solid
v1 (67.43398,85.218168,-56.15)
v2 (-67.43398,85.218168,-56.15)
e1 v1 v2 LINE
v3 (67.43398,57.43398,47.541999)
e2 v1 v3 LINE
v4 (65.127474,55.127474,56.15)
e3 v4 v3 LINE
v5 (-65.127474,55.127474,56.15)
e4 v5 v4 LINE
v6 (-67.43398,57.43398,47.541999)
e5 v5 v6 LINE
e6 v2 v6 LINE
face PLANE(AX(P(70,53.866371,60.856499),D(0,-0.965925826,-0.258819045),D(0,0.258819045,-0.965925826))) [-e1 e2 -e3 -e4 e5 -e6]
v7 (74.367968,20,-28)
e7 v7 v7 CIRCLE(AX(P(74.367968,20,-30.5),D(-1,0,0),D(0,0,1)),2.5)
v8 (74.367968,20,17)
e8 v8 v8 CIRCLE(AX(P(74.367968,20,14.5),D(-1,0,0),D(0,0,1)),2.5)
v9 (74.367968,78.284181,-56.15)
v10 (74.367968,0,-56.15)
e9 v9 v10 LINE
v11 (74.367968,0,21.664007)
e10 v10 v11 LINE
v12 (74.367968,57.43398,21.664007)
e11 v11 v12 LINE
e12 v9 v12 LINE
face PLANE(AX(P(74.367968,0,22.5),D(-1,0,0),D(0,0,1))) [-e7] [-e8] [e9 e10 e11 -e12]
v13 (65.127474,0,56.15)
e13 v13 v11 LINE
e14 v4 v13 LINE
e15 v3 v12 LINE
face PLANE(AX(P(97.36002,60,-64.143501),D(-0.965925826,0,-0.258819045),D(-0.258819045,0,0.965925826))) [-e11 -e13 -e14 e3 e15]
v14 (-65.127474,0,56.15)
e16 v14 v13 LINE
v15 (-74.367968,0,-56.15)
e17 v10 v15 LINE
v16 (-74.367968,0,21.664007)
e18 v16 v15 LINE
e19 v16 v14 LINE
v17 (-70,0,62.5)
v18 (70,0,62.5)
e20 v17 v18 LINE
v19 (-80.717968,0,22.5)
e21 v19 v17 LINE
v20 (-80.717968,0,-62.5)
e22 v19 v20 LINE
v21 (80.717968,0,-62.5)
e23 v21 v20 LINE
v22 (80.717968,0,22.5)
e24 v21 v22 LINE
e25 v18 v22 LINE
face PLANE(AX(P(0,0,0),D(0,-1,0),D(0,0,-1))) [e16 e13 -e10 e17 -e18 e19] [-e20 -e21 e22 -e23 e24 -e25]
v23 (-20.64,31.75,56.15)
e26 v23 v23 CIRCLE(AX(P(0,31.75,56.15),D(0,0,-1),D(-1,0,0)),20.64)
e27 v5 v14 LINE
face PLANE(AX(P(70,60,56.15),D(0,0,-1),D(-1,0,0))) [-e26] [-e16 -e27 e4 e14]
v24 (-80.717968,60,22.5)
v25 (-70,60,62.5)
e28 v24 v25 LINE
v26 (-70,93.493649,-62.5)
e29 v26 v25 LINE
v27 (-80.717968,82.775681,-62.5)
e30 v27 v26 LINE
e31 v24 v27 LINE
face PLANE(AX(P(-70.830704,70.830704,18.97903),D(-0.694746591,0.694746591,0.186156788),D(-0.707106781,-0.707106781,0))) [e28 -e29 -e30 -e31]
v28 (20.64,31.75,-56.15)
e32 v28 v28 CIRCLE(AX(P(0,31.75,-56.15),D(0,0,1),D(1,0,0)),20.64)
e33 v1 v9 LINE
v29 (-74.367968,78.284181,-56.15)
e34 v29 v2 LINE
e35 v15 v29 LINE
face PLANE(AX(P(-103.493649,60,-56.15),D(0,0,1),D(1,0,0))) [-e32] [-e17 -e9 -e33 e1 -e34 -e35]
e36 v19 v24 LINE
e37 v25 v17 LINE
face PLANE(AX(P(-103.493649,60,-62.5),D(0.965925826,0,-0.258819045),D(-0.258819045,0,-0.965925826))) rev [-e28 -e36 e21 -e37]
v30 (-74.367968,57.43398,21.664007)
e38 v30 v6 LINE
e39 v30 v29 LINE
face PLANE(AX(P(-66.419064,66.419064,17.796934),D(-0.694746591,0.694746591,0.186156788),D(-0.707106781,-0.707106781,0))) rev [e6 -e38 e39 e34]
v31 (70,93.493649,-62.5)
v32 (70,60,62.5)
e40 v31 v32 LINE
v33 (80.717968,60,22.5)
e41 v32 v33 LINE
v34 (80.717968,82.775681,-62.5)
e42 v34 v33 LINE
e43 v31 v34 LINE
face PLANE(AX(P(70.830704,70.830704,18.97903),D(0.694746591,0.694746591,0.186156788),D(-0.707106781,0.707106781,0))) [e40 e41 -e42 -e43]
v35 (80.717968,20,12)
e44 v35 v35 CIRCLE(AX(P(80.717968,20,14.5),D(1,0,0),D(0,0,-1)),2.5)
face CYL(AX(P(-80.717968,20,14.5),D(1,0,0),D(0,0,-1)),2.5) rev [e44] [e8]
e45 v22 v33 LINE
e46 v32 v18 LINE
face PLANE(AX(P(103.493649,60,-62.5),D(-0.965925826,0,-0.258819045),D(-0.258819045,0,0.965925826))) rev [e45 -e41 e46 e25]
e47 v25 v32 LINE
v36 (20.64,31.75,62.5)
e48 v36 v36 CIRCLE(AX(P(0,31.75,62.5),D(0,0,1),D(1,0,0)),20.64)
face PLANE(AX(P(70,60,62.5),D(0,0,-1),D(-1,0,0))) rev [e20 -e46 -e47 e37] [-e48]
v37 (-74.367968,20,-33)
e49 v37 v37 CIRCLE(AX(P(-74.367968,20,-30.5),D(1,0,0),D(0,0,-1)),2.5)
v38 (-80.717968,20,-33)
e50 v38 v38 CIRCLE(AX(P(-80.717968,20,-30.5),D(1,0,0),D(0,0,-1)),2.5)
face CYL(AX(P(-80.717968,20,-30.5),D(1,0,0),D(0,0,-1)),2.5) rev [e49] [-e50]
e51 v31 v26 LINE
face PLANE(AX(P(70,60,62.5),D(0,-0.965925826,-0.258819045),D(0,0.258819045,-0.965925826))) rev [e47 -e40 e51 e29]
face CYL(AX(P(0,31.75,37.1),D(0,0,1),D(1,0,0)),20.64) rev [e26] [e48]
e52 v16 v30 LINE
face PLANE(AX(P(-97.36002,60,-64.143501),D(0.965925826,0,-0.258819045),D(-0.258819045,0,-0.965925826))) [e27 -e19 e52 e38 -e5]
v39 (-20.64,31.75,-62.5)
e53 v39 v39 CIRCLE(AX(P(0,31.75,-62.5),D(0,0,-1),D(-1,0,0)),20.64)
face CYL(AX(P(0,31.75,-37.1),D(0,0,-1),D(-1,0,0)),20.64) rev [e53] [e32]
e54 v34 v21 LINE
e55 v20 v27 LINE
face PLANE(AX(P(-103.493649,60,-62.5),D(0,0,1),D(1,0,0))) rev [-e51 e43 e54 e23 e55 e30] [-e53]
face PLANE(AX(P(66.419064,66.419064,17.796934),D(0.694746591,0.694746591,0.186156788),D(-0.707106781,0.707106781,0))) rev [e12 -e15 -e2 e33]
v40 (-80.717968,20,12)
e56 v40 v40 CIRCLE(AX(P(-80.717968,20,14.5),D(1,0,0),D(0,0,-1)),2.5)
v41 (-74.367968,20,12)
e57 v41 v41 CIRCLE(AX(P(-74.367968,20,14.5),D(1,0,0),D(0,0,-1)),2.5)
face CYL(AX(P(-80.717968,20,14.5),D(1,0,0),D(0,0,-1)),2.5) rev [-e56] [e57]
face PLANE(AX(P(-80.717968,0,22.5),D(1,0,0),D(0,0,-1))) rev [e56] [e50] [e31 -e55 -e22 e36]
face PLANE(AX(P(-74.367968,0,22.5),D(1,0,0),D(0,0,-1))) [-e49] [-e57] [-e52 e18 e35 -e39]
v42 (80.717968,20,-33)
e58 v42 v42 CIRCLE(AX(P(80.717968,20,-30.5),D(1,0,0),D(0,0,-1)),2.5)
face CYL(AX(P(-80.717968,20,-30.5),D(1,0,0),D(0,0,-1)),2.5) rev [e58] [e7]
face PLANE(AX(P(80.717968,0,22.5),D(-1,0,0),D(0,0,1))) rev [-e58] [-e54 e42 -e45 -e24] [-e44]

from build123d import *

# Parameters (mm, degrees)
BOSS_EXTRUDE1_DEPTH      = 60
BOSS_EXTRUDE2_DEPTH      = 70
BOSS_EXTRUDE2_DEPTH_BACK = 70
BOSS_EXTRUDE3_DEPTH      = 125
SKETCH5_W                = 177.8
SKETCH5_H                = 177.8
CUT_EXTRUDE1_DEPTH       = 206.048289966
SKETCH6_W                = 177.8
SKETCH6_H                = 177.8
CUT_EXTRUDE2_DEPTH       = 206.048289966
CUT_EXTRUDE5_START       = 93.49365
SKETCH10_W               = 39.282032303
SKETCH10_H               = 90
CUT_EXTRUDE5_DEPTH       = 247.327703168
SHELL1_T                 = -6.35
SKETCH7_R                = 20.64
CUT_EXTRUDE3_DEPTH       = 25.4
CUT_EXTRUDE4_START       = -25.4
SKETCH8_R                = 20.64
CUT_EXTRUDE4_DEPTH       = 25.4
CUT_EXTRUDE6_DEPTH       = 139.429414225
CUT_EXTRUDE6_DEPTH_BACK  = 139.429414225
SKETCH11_R               = 2.5


with BuildPart() as part:
    # Sketch1 → Boss-Extrude1 (new body)
    with BuildSketch(Plane(origin=(0, 0, 0), x_dir=(1, 0, 0), z_dir=(0, 1, 0))):
        Polygon((-103.493649054, 62.5), (103.493649054, 62.5), (70, -62.5), (-70, -62.5), align=None)
    extrude(amount=BOSS_EXTRUDE1_DEPTH)

    # Sketch2 → Boss-Extrude2 (add, two sides: drawn at the far end of the back side and taken through both)
    with BuildSketch(Plane(origin=(0, 0, 0), x_dir=(0, 0, -1), z_dir=(1, 0, 0)).offset(-BOSS_EXTRUDE2_DEPTH_BACK)):
        Polygon((-62.5, 60), (62.5, 93.493649054), (62.5, 60), align=None)
    extrude(amount=BOSS_EXTRUDE2_DEPTH + BOSS_EXTRUDE2_DEPTH_BACK)

    # Sketch4 → Boss-Extrude3 (add)
    with BuildSketch(Plane(origin=(0, 0, -62.5), x_dir=(-1, 0, 0), z_dir=(0, 0, -1))):
        Polygon((-70, 93.493649054), (-70, 60), (-103.493649054, 60), align=None)
        Polygon((70, 60), (103.493649054, 60), (70, 93.493649054), align=None)
    extrude(amount=-BOSS_EXTRUDE3_DEPTH)

    # Sketch5 → Cut-Extrude1 (cut, through all)
    with BuildSketch(Plane(origin=(70.830704378, 70.830704378, 18.979030037), x_dir=(0.7186724352001954, -0.6601192398037351, -0.21852350016499306), z_dir=(0.6947465906068516, 0.6947465906068802, 0.18615678789738468))):
        Rectangle(SKETCH5_W, SKETCH5_H)
    extrude(amount=CUT_EXTRUDE1_DEPTH, mode=Mode.SUBTRACT)

    # Sketch6 → Cut-Extrude2 (cut, through all)
    with BuildSketch(Plane(origin=(-70.830704378, 70.830704378, 18.979030037), x_dir=(0.7186724352001954, 0.6601192398037351, 0.21852350016499306), z_dir=(-0.6947465906068516, 0.6947465906068802, 0.18615678789738468))):
        Rectangle(SKETCH6_W, SKETCH6_H)
    extrude(amount=CUT_EXTRUDE2_DEPTH, mode=Mode.SUBTRACT)

    # Sketch10 → Cut-Extrude5 (cut, through all)
    with BuildSketch(Plane(origin=(0, 0, 0), x_dir=(1, 0, 0), z_dir=(0, 1, 0)).offset(CUT_EXTRUDE5_START)):
        with Locations((-100.358983849, 22.5)):
            Rectangle(SKETCH10_W, SKETCH10_H)
        with Locations((100.358983849, 22.5)):
            Rectangle(SKETCH10_W, SKETCH10_H)
    extrude(amount=-CUT_EXTRUDE5_DEPTH, mode=Mode.SUBTRACT)

    # Shell1
    shell1_openings = [part.faces().sort_by_distance(p)[0] for p in [
        (0, 0, -1.067232638),
    ]]
    offset(amount=SHELL1_T, openings=shell1_openings, kind=Kind.INTERSECTION)

    # Sketch7 → Cut-Extrude3 (cut)
    with BuildSketch(Plane(origin=(0, 0, -62.5), x_dir=(-1, 0, 0), z_dir=(0, 0, -1))):
        with Locations((0, 31.75)):
            Circle(SKETCH7_R)
    extrude(amount=-CUT_EXTRUDE3_DEPTH, mode=Mode.SUBTRACT)

    # Sketch8 → Cut-Extrude4 (cut)
    with BuildSketch(Plane.XY.offset(62.5).offset(CUT_EXTRUDE4_START)):
        with Locations(Location((0, 31.75, 0), (0, 0, 180))):
            Circle(SKETCH8_R)
    extrude(amount=CUT_EXTRUDE4_DEPTH, mode=Mode.SUBTRACT)

    # Sketch11 → Cut-Extrude6 (cut, two sides: drawn at the far end of the back side and taken through both)
    with BuildSketch(Plane(origin=(0, 0, 0), x_dir=(0, 0, -1), z_dir=(1, 0, 0)).offset(-CUT_EXTRUDE6_DEPTH_BACK)):
        with Locations((-14.5, 20)):
            Circle(SKETCH11_R)
        with Locations((30.5, 20)):
            Circle(SKETCH11_R)
    extrude(amount=CUT_EXTRUDE6_DEPTH + CUT_EXTRUDE6_DEPTH_BACK, mode=Mode.SUBTRACT)


solid = part.part
